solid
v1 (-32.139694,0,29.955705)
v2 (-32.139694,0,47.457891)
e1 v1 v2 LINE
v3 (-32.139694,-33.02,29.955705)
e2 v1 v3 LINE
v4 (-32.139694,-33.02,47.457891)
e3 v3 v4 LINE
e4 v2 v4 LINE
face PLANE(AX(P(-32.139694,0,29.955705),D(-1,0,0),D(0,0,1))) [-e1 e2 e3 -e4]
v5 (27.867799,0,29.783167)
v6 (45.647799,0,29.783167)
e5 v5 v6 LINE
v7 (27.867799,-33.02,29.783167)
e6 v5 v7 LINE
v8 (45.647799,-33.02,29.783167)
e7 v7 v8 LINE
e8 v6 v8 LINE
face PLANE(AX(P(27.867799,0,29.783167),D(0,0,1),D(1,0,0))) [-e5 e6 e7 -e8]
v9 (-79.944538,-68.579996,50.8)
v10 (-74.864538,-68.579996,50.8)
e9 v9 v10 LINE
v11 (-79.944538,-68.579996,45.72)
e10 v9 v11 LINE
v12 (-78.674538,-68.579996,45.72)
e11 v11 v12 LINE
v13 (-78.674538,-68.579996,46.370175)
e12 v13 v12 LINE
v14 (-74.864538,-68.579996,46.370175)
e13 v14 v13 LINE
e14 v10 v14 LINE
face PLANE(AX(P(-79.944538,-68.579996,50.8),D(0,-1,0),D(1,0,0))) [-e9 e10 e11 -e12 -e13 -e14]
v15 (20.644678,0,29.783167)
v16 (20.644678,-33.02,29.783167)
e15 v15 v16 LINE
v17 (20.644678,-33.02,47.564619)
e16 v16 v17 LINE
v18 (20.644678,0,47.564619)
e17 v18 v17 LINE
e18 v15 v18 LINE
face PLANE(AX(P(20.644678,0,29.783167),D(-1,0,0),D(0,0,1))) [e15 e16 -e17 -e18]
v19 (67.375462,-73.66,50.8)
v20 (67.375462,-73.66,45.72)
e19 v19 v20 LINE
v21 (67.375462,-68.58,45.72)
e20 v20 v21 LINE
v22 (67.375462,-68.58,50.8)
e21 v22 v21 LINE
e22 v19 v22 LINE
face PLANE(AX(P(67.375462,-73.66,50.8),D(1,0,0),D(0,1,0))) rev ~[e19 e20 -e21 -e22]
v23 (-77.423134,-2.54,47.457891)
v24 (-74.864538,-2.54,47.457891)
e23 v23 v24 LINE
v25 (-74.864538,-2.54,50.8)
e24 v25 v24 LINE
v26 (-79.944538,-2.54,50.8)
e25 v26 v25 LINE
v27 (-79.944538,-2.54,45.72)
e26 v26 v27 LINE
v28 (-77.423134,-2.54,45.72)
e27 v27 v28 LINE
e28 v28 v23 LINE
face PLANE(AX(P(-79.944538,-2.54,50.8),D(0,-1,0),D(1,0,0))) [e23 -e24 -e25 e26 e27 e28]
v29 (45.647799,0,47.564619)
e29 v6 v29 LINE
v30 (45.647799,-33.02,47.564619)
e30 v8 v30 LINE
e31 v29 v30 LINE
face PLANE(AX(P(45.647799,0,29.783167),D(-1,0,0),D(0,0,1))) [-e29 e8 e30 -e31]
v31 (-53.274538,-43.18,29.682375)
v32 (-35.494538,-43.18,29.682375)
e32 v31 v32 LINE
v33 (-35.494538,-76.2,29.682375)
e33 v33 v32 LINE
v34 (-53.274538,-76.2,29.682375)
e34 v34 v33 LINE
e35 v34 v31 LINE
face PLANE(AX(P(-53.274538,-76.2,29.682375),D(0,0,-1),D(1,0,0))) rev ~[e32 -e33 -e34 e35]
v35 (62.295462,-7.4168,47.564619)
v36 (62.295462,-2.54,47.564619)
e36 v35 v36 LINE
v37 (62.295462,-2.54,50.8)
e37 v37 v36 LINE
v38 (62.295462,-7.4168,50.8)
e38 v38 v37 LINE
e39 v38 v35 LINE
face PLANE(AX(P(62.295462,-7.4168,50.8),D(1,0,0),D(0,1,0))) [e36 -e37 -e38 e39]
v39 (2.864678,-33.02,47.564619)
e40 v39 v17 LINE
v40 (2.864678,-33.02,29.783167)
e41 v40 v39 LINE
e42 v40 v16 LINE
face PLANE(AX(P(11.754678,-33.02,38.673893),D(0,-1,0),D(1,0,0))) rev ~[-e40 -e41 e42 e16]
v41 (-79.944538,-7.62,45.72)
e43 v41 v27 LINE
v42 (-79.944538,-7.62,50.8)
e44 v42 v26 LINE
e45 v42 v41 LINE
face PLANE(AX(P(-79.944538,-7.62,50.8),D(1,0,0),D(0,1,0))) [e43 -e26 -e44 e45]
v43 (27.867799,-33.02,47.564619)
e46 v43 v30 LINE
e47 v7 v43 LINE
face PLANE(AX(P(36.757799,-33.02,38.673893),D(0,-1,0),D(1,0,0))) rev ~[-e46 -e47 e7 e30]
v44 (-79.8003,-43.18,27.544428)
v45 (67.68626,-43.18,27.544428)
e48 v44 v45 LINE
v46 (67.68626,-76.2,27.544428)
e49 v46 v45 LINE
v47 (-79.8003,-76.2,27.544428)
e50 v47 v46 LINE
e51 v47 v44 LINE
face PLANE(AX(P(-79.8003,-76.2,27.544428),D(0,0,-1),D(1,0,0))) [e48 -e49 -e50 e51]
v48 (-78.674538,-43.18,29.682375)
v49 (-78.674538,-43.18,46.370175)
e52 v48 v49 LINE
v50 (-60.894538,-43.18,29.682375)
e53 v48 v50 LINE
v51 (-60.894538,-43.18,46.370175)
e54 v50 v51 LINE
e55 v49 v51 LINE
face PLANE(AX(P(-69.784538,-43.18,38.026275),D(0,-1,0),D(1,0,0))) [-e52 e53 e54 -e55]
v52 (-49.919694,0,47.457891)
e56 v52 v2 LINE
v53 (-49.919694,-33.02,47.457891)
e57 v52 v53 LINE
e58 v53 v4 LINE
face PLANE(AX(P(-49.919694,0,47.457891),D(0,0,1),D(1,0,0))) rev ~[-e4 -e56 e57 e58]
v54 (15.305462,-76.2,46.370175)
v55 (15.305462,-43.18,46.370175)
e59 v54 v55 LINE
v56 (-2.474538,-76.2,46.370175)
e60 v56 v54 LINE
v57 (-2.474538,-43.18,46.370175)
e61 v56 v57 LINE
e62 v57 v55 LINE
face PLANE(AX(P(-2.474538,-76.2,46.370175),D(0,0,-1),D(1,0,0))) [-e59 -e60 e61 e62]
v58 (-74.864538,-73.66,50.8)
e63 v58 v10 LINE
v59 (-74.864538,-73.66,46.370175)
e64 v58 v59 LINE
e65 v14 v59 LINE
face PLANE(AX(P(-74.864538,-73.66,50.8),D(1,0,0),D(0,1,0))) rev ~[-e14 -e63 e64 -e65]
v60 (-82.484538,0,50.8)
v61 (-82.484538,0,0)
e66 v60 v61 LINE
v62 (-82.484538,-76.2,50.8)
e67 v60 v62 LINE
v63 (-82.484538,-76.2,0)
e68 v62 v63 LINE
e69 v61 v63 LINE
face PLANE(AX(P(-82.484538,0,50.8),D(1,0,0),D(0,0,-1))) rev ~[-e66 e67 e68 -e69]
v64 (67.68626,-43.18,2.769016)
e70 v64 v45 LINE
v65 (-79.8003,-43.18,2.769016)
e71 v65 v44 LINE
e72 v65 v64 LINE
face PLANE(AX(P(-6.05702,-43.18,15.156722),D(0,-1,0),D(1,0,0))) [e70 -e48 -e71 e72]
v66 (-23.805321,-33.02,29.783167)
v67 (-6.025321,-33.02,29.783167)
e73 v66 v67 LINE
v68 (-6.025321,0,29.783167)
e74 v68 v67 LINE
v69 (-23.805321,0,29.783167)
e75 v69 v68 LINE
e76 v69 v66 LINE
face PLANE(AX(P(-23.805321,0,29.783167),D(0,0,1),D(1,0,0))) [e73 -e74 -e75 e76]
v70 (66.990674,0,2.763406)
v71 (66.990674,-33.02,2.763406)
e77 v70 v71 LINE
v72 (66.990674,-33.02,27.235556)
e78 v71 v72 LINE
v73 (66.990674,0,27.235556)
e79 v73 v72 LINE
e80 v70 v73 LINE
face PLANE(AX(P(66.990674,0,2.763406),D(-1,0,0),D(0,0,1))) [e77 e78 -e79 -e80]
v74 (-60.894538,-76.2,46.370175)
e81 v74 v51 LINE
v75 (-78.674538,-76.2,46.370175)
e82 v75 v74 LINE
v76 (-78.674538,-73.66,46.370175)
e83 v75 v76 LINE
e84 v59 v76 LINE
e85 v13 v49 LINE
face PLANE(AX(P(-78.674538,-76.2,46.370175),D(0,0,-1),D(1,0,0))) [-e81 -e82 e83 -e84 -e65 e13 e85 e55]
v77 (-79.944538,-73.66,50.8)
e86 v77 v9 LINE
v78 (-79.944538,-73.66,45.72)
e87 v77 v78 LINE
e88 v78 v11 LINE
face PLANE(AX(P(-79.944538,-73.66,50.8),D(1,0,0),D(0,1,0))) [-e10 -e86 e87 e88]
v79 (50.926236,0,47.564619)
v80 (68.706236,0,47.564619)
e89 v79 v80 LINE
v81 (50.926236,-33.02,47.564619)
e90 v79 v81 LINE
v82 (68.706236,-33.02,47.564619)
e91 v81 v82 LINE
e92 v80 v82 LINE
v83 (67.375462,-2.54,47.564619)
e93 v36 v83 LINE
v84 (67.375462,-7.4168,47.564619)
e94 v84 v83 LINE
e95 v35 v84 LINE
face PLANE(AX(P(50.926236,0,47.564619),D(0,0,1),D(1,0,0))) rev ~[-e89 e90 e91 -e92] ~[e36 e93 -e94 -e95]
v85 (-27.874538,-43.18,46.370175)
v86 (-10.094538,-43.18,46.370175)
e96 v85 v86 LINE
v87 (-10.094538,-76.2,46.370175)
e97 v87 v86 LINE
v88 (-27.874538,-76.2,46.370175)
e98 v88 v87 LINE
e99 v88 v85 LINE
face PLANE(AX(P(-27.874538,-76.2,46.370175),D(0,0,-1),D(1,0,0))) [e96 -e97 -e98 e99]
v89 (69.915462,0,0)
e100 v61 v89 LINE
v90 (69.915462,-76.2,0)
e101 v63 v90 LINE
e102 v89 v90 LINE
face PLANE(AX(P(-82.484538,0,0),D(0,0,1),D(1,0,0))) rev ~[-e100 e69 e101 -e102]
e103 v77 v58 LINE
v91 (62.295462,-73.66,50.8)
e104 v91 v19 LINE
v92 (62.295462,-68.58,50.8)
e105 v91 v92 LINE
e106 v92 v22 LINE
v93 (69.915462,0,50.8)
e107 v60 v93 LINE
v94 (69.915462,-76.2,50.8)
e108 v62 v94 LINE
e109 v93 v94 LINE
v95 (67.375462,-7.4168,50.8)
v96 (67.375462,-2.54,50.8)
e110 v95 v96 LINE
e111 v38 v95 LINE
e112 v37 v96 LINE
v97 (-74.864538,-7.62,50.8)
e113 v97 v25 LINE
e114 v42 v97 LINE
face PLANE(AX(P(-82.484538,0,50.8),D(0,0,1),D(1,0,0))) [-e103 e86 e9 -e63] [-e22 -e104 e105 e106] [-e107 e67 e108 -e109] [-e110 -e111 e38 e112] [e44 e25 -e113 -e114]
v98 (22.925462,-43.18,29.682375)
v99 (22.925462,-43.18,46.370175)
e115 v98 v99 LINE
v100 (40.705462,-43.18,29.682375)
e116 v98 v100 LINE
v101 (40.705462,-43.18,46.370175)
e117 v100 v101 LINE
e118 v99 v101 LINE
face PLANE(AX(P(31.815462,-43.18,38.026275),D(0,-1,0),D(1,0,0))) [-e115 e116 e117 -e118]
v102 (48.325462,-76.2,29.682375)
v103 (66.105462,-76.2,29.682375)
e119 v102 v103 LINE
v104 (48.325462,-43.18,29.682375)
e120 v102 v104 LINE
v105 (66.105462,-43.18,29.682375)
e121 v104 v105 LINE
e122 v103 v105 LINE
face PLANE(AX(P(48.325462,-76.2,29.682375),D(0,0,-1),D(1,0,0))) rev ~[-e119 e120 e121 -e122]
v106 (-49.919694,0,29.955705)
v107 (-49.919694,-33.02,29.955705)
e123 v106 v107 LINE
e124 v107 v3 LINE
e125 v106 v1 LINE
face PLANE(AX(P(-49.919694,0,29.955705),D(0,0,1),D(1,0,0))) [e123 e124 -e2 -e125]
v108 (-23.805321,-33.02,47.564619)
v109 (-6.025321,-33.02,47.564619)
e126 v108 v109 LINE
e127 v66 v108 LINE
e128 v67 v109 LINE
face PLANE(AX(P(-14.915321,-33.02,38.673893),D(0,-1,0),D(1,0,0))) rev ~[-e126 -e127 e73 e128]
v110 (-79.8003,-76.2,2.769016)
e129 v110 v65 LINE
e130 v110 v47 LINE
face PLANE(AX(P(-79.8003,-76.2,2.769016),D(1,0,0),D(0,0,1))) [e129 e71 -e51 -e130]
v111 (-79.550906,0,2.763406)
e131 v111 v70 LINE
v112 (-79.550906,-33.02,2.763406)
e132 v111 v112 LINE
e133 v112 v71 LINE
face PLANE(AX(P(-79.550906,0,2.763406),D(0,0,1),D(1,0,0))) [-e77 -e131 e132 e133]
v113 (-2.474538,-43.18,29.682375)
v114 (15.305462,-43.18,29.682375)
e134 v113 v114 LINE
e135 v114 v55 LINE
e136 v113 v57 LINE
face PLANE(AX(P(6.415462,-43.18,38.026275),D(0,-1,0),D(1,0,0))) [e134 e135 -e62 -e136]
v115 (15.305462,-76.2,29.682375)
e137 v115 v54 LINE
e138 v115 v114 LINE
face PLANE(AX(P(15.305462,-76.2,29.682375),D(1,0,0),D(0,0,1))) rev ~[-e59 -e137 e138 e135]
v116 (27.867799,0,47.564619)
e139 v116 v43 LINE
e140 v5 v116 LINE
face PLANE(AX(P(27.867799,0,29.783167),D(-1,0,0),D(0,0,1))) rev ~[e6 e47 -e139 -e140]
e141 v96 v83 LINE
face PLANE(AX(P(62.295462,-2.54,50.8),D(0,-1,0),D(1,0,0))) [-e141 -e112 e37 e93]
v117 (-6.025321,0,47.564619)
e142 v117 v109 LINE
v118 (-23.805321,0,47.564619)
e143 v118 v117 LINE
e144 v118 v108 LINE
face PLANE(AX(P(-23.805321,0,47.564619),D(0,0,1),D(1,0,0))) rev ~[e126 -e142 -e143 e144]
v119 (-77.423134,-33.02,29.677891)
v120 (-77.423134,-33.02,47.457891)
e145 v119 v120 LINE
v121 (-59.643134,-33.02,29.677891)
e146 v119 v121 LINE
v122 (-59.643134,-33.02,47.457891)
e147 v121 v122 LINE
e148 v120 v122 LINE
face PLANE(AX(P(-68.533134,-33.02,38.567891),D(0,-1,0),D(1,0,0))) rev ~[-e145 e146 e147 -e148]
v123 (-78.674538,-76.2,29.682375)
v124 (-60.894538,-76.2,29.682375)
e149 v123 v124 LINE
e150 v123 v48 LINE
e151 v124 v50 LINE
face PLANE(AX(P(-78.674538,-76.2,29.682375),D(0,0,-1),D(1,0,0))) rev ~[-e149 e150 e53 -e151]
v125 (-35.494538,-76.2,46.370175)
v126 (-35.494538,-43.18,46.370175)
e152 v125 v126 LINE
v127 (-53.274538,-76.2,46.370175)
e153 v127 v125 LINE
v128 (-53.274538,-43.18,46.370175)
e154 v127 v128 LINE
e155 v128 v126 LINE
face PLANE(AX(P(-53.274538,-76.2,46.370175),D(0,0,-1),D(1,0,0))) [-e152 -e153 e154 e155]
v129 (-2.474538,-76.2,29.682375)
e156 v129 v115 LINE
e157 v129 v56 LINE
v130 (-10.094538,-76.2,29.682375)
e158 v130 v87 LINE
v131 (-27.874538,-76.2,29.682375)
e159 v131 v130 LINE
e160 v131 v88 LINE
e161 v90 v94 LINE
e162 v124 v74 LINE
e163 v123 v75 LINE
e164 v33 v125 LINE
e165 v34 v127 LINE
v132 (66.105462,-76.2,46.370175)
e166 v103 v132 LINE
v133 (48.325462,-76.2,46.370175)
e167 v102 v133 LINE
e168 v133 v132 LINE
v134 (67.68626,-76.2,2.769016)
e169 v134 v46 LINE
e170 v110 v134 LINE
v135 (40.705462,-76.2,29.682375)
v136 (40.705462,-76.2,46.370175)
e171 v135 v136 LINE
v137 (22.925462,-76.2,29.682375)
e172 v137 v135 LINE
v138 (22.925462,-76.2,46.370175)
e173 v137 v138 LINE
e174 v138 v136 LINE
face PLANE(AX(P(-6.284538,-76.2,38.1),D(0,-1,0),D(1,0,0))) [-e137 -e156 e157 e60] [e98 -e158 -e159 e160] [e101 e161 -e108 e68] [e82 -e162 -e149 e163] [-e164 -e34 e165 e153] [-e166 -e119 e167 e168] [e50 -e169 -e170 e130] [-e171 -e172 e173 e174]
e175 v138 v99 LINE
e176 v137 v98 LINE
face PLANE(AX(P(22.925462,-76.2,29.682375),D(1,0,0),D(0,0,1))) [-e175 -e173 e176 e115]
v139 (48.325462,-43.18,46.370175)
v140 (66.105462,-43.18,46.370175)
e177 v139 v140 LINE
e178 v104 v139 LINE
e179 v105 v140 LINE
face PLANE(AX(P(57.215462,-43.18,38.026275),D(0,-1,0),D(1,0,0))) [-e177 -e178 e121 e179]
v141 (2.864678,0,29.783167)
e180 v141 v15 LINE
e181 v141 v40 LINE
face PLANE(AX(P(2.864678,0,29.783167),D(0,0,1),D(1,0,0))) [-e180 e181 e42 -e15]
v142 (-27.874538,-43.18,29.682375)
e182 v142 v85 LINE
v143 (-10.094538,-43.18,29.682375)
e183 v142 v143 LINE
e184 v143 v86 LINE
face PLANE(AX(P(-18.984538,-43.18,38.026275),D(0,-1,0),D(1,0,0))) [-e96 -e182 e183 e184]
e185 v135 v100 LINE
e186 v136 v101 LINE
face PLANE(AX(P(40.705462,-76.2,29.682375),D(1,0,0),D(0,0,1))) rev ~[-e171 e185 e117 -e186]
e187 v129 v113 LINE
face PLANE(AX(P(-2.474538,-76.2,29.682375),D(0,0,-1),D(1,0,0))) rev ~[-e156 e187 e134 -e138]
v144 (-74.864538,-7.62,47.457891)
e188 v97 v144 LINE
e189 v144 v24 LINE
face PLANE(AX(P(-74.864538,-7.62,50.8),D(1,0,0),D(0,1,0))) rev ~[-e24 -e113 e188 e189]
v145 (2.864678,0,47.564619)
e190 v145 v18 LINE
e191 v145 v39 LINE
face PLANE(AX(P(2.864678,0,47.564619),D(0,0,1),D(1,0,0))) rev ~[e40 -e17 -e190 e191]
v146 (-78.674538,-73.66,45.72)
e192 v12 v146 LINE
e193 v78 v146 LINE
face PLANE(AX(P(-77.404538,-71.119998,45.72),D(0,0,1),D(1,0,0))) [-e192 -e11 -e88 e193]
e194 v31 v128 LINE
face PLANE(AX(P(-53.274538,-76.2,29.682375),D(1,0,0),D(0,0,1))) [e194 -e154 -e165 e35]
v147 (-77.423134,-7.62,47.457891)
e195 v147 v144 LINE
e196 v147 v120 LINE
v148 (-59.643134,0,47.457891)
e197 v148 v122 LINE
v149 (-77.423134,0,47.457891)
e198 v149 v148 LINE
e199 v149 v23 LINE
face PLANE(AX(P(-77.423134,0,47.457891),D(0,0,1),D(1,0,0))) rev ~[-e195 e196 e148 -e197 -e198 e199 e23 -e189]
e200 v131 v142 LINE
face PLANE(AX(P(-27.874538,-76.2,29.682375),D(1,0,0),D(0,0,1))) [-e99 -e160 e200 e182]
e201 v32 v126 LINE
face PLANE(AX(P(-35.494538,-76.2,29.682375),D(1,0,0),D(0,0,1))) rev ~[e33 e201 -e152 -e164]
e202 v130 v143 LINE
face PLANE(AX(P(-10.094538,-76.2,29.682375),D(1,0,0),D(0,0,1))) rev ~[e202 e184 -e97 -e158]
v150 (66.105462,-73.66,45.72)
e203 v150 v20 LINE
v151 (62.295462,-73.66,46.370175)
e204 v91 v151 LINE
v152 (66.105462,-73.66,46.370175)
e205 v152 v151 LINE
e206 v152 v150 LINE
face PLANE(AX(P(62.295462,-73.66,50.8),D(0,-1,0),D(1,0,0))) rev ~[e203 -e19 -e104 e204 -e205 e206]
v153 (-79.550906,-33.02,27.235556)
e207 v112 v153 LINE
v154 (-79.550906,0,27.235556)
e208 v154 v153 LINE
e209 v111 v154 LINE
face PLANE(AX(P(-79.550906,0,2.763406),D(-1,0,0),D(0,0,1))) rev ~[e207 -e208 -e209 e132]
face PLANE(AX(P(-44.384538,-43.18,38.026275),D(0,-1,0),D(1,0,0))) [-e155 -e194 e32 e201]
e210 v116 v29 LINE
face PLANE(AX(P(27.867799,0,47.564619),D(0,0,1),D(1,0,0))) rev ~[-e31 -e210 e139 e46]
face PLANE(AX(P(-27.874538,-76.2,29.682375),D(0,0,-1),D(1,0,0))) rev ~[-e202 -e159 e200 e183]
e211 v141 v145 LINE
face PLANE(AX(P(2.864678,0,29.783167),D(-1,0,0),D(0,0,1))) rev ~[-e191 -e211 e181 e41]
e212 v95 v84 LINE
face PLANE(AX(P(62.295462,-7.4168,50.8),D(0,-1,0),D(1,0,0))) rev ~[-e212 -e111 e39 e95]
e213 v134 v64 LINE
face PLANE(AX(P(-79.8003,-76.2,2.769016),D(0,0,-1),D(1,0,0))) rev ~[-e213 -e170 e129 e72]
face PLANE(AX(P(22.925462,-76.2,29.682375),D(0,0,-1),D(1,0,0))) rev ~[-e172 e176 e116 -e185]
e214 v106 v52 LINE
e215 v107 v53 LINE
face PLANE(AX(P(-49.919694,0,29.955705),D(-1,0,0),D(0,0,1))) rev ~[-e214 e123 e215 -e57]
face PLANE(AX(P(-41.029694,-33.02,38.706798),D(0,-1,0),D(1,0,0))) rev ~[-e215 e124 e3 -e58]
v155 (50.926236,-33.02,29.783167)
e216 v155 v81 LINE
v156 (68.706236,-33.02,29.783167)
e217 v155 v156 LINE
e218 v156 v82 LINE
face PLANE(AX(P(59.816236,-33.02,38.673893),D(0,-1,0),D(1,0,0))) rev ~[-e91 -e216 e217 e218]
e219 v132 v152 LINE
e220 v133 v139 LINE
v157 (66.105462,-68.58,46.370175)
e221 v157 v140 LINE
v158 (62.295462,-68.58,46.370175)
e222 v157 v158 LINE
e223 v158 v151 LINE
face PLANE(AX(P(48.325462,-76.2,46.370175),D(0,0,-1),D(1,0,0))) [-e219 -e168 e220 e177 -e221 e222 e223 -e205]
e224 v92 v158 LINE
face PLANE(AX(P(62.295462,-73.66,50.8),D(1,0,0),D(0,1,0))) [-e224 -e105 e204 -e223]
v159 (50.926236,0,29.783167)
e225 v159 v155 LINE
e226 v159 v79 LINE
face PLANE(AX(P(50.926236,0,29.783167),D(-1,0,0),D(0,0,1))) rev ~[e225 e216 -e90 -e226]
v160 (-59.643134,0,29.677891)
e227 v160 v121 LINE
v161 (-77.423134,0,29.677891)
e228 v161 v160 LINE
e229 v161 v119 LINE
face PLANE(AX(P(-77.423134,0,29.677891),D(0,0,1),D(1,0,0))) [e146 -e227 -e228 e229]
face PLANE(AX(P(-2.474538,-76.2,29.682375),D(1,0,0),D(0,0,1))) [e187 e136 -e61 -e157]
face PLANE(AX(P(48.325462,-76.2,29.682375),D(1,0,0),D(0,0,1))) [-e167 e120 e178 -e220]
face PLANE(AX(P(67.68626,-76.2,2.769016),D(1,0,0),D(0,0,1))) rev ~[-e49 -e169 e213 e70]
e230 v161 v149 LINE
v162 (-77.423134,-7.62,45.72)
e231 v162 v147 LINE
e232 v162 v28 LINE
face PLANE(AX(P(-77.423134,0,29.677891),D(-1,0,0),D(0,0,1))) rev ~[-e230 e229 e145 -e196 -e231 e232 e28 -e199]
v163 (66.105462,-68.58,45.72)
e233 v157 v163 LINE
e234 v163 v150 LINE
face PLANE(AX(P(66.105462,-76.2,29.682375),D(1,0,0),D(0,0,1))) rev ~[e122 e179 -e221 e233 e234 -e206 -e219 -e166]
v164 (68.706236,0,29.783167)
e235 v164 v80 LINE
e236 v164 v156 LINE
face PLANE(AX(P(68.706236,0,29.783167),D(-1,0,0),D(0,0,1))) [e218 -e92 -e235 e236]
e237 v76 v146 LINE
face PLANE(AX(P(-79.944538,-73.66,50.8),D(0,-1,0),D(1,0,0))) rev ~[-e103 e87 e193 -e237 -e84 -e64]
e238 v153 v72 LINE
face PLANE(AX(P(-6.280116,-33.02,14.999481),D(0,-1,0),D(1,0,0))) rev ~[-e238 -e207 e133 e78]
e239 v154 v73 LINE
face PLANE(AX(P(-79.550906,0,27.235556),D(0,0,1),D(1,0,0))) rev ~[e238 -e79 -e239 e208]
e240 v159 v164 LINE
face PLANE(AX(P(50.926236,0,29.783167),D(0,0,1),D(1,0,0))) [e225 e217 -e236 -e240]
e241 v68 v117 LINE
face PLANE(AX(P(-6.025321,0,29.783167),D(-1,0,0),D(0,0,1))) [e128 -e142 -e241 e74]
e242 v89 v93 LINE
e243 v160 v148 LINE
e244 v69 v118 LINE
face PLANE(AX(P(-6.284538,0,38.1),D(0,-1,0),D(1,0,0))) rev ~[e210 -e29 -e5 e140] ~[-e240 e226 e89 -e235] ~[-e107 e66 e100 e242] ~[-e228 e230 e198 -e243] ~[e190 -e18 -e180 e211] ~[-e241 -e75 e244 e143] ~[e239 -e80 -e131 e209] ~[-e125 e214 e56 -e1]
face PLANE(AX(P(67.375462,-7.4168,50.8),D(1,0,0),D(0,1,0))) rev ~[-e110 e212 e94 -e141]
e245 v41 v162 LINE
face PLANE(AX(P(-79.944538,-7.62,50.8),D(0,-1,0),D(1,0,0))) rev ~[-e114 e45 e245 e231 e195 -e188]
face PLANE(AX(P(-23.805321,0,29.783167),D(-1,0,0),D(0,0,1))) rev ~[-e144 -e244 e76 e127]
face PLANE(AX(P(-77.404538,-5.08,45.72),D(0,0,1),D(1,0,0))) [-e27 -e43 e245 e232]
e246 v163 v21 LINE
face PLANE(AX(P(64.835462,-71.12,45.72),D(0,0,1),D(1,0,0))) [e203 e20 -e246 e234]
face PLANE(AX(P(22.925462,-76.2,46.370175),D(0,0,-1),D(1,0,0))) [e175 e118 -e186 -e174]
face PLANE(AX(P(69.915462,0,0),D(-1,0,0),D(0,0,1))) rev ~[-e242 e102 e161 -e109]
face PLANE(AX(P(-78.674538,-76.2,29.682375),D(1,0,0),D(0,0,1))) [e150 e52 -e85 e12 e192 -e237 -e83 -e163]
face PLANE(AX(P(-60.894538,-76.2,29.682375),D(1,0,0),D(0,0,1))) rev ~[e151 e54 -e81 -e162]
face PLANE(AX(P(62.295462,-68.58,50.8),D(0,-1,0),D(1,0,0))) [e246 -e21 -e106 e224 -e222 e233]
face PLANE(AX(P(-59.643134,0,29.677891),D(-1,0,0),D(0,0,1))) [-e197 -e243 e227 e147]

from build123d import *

# Parameters (mm, degrees)
F0_W      = 152.4
F0_H      = 25.4
F1_DEPTH  = 76.2
F2_W      = 17.78
F2_H      = 17.78
F2_H_2    = 17.502186
F2_H_3    = 17.781453
F3_DEPTH  = 33.02
F4_W      = 17.78
F4_H      = 16.6878
F5_DEPTH  = 33.02
F6_W      = 146.541581
F6_H      = 24.47215
F7_DEPTH  = 33.02
F8_W      = 147.48656
F8_H      = 24.775412
F10_DEPTH = 33.02
F11_W     = 5.08
F11_H     = 5.08
F11_H_2   = 4.8768
F11_H_3   = 5.080004
F12_DEPTH = 5.08


with BuildPart() as f1:
    # F0 (on Front) → F1 (new body)
    with BuildSketch(Plane.XZ):
        with Locations((-6.284538, 38.1)):
            Rectangle(F0_W, F0_H)
        with Locations((-6.284538, 12.7)):
            Rectangle(F0_W, F0_H)
    extrude(amount=F1_DEPTH)

    # F2 (on Front) → F3 (cut)
    with BuildSketch(Plane.XZ):
        with Locations((-68.533134, 38.567891)):
            Rectangle(F2_W, F2_H)
        with Locations((-41.029694, 38.706798)):
            Rectangle(F2_W, F2_H_2)
        with Locations((-14.915321, 38.673893)):
            Rectangle(F2_W, F2_H_3)
        with Locations((11.754678, 38.673893)):
            Rectangle(F2_W, F2_H_3)
        with Locations((36.757799, 38.673893)):
            Rectangle(F2_W, F2_H_3)
        with Locations((59.816236, 38.673893)):
            Rectangle(F2_W, F2_H_3)
    extrude(amount=F3_DEPTH, mode=Mode.SUBTRACT)

    # F4 (on face) → F5 (cut)
    with BuildSketch(Plane.XZ.offset(76.2)):
        with Locations((-69.784538, 38.026275)):
            Rectangle(F4_W, F4_H)
        with Locations((-44.384538, 38.026275)):
            Rectangle(F4_W, F4_H)
        with Locations((-18.984538, 38.026275)):
            Rectangle(F4_W, F4_H)
        with Locations((6.415462, 38.026275)):
            Rectangle(F4_W, F4_H)
        with Locations((31.815462, 38.026275)):
            Rectangle(F4_W, F4_H)
        with Locations((57.215462, 38.026275)):
            Rectangle(F4_W, F4_H)
    extrude(amount=-F5_DEPTH, mode=Mode.SUBTRACT)

    # F6 (on Front) → F7 (cut)
    with BuildSketch(Plane.XZ):
        with Locations((-6.280116, 14.999481)):
            Rectangle(F6_W, F6_H)
    extrude(amount=F7_DEPTH, mode=Mode.SUBTRACT)

    # F8 (on face) → F10 (cut)
    with BuildSketch(Plane.XZ.offset(76.2)):
        with Locations((-6.05702, 15.156722)):
            Rectangle(F8_W, F8_H)
    extrude(amount=-F10_DEPTH, mode=Mode.SUBTRACT)

    # F11 (on face) → F12 (cut)
    with BuildSketch(Plane.XY.offset(50.8)):
        with Locations((-77.404538, -5.08)):
            Rectangle(F11_W, F11_H)
        with Locations((64.835462, -4.9784)):
            Rectangle(F11_W, F11_H_2)
        with Locations((64.835462, -71.12)):
            Rectangle(F11_W, F11_H)
        with Locations((-77.404538, -71.119998)):
            Rectangle(F11_W, F11_H_3)
    extrude(amount=-F12_DEPTH, mode=Mode.SUBTRACT)


solid = f1.part
